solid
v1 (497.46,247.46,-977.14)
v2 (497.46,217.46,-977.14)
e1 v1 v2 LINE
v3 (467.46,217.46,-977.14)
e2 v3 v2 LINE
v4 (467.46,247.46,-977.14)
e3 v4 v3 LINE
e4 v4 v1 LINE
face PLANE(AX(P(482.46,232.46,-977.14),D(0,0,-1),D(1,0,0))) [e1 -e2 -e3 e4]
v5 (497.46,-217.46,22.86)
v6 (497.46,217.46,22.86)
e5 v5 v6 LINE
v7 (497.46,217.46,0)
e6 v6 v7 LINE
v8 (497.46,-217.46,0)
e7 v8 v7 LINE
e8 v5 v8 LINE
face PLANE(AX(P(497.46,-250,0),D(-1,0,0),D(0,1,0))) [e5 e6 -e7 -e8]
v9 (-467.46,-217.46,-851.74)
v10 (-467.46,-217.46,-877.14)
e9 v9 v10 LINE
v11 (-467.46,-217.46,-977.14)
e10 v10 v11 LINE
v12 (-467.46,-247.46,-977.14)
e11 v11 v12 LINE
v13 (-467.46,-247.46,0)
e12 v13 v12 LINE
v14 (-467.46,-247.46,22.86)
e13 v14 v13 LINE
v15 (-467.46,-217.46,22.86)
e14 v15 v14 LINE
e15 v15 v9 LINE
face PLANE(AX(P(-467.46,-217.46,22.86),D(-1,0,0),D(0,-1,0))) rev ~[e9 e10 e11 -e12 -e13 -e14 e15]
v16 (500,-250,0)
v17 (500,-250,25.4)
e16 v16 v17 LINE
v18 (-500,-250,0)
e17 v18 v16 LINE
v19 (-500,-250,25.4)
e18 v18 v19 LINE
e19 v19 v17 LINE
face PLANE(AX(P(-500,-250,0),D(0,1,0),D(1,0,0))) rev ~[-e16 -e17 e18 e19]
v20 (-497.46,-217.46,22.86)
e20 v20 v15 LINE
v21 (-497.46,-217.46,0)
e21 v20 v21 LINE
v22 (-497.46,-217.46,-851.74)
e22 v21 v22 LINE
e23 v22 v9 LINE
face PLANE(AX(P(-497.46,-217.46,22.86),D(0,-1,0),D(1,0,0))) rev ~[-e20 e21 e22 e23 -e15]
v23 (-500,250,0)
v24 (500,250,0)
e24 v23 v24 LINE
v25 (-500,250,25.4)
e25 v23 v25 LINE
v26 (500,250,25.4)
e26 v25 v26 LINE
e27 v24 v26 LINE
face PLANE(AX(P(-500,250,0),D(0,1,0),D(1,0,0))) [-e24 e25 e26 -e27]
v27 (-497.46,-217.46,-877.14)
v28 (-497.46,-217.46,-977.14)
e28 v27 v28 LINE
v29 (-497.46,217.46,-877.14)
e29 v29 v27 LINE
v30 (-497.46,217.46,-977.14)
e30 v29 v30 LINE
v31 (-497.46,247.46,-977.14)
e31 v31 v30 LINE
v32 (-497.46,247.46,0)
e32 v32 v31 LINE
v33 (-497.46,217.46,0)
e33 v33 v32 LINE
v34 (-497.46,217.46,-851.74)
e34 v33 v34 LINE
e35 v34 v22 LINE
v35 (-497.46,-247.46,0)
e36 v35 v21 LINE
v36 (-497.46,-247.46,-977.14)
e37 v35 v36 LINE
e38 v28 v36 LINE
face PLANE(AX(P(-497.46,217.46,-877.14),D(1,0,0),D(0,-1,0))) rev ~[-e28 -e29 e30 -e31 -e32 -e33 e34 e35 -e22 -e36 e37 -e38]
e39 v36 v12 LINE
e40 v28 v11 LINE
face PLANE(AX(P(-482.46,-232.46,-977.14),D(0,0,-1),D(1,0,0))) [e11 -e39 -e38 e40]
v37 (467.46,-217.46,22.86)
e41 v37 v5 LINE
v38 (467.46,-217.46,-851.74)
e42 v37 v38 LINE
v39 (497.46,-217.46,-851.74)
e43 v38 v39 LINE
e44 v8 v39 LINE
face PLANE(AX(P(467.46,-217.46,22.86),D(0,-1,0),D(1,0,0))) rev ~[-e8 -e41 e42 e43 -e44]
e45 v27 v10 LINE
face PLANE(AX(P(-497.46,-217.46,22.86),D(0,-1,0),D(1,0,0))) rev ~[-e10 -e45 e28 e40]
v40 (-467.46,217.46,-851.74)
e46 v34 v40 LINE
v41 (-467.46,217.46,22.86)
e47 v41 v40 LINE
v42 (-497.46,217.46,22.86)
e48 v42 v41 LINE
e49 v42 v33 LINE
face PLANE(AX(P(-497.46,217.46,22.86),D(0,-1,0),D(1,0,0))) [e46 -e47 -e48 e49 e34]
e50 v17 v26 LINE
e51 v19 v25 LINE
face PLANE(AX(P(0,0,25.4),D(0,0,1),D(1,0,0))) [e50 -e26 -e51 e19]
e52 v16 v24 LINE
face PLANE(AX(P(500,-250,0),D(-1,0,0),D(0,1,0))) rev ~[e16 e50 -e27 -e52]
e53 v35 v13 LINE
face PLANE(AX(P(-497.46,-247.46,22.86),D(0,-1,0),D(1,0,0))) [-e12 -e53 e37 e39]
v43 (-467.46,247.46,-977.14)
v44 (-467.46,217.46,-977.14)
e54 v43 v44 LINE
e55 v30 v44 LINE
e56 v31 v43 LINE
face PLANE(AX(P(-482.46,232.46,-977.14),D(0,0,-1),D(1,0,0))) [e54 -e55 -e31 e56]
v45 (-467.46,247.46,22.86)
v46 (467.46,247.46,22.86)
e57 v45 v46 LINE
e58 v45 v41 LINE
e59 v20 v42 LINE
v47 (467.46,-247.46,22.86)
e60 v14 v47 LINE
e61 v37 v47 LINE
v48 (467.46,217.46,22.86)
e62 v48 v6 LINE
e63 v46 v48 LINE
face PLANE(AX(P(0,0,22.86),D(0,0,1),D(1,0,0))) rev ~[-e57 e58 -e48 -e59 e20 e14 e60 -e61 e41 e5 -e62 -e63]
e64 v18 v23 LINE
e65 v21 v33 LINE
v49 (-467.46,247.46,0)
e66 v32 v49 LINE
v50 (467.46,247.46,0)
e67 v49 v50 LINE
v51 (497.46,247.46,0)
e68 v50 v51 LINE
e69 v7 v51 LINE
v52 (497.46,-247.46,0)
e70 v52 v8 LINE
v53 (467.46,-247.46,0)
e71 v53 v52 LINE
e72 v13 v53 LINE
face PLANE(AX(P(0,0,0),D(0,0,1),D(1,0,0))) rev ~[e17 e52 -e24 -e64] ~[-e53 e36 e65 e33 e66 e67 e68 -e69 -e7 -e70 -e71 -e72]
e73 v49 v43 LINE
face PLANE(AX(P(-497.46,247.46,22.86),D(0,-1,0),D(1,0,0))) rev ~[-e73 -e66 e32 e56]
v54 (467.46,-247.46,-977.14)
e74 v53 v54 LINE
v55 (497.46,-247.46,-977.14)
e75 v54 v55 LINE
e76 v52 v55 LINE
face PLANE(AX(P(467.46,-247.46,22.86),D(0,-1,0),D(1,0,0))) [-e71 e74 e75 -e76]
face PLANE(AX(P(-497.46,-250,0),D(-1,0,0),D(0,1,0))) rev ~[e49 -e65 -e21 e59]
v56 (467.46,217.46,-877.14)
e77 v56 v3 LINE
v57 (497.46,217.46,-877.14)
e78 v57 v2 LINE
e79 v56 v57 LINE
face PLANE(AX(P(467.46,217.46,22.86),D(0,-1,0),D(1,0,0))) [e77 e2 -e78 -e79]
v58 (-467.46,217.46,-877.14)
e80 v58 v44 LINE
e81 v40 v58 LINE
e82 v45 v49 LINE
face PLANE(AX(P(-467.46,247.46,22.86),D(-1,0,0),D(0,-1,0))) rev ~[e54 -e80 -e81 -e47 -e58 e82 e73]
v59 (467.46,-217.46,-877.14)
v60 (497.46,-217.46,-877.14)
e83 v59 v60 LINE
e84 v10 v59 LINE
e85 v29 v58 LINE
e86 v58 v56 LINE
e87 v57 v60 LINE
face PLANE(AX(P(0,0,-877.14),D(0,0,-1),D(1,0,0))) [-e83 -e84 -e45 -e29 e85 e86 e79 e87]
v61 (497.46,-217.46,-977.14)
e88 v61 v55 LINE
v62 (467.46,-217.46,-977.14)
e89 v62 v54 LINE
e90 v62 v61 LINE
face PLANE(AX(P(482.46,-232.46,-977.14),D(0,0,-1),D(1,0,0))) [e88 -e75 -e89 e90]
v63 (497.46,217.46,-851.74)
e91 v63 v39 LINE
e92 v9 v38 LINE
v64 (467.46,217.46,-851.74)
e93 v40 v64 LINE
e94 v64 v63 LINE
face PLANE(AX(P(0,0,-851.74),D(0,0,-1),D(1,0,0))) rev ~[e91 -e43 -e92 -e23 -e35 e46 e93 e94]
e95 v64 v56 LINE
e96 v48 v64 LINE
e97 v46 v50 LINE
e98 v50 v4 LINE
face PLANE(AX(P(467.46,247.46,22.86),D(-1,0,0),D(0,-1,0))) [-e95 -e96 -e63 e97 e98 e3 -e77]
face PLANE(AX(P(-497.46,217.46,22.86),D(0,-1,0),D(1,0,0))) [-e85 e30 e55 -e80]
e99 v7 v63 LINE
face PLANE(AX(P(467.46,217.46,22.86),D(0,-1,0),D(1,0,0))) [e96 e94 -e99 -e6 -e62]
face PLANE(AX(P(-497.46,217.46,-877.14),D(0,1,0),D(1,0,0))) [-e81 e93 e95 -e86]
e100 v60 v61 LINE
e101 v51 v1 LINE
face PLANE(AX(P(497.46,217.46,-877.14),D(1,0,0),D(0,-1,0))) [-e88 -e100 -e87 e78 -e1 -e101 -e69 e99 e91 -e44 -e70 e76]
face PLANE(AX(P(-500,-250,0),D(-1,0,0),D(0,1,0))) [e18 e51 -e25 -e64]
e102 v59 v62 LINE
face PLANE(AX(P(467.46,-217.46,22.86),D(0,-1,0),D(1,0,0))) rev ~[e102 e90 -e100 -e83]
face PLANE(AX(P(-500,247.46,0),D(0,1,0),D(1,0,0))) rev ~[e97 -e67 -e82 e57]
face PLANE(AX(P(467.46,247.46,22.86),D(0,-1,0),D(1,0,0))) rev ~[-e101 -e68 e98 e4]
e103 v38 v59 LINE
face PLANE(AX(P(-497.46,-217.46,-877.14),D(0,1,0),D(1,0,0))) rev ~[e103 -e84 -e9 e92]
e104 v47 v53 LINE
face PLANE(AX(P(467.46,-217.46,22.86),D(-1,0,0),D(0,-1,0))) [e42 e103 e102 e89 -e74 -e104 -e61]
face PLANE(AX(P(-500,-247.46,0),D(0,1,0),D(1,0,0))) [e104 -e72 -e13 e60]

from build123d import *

# Parameters (mm, degrees)
F0_W     = 1000
F0_H     = 500
F1_DEPTH = 25.4
F2_T     = -2.54
F3_W     = 30
F3_H     = 30
F4_DEPTH = 1000
F6_W     = 994.92
F6_H     = 434.92
F7_DEPTH = 25.4


with BuildPart() as f1:
    # F0 (on Top) → F1 (new body)
    with BuildSketch(Plane.XY):
        Rectangle(F0_W, F0_H)
    extrude(amount=F1_DEPTH)

    # F2
    f2_openings = [f1.faces().sort_by_distance(p)[0] for p in [
        (0, 0, 0),
    ]]
    offset(amount=F2_T, openings=f2_openings)

    # F3 (on face) → F4 (join)
    with BuildSketch(Plane(origin=(0, 0, 22.86), x_dir=(1, 0, 0), z_dir=(0, 0, -1))):
        with Locations((-482.46, 232.46)):
            Rectangle(F3_W, F3_H)
        with Locations((-482.46, -232.46)):
            Rectangle(F3_W, F3_H)
        with Locations((482.46, 232.46)):
            Rectangle(F3_W, F3_H)
        with Locations((482.46, -232.46)):
            Rectangle(F3_W, F3_H)
    extrude(amount=F4_DEPTH)

    # F6 (on offset) → F7 (join)
    with BuildSketch(Plane(origin=(0, 0, -877.14), x_dir=(1, 0, 0), z_dir=(0, 0, -1))):
        Rectangle(F6_W, F6_H)
    extrude(amount=-F7_DEPTH)


solid = f1.part
